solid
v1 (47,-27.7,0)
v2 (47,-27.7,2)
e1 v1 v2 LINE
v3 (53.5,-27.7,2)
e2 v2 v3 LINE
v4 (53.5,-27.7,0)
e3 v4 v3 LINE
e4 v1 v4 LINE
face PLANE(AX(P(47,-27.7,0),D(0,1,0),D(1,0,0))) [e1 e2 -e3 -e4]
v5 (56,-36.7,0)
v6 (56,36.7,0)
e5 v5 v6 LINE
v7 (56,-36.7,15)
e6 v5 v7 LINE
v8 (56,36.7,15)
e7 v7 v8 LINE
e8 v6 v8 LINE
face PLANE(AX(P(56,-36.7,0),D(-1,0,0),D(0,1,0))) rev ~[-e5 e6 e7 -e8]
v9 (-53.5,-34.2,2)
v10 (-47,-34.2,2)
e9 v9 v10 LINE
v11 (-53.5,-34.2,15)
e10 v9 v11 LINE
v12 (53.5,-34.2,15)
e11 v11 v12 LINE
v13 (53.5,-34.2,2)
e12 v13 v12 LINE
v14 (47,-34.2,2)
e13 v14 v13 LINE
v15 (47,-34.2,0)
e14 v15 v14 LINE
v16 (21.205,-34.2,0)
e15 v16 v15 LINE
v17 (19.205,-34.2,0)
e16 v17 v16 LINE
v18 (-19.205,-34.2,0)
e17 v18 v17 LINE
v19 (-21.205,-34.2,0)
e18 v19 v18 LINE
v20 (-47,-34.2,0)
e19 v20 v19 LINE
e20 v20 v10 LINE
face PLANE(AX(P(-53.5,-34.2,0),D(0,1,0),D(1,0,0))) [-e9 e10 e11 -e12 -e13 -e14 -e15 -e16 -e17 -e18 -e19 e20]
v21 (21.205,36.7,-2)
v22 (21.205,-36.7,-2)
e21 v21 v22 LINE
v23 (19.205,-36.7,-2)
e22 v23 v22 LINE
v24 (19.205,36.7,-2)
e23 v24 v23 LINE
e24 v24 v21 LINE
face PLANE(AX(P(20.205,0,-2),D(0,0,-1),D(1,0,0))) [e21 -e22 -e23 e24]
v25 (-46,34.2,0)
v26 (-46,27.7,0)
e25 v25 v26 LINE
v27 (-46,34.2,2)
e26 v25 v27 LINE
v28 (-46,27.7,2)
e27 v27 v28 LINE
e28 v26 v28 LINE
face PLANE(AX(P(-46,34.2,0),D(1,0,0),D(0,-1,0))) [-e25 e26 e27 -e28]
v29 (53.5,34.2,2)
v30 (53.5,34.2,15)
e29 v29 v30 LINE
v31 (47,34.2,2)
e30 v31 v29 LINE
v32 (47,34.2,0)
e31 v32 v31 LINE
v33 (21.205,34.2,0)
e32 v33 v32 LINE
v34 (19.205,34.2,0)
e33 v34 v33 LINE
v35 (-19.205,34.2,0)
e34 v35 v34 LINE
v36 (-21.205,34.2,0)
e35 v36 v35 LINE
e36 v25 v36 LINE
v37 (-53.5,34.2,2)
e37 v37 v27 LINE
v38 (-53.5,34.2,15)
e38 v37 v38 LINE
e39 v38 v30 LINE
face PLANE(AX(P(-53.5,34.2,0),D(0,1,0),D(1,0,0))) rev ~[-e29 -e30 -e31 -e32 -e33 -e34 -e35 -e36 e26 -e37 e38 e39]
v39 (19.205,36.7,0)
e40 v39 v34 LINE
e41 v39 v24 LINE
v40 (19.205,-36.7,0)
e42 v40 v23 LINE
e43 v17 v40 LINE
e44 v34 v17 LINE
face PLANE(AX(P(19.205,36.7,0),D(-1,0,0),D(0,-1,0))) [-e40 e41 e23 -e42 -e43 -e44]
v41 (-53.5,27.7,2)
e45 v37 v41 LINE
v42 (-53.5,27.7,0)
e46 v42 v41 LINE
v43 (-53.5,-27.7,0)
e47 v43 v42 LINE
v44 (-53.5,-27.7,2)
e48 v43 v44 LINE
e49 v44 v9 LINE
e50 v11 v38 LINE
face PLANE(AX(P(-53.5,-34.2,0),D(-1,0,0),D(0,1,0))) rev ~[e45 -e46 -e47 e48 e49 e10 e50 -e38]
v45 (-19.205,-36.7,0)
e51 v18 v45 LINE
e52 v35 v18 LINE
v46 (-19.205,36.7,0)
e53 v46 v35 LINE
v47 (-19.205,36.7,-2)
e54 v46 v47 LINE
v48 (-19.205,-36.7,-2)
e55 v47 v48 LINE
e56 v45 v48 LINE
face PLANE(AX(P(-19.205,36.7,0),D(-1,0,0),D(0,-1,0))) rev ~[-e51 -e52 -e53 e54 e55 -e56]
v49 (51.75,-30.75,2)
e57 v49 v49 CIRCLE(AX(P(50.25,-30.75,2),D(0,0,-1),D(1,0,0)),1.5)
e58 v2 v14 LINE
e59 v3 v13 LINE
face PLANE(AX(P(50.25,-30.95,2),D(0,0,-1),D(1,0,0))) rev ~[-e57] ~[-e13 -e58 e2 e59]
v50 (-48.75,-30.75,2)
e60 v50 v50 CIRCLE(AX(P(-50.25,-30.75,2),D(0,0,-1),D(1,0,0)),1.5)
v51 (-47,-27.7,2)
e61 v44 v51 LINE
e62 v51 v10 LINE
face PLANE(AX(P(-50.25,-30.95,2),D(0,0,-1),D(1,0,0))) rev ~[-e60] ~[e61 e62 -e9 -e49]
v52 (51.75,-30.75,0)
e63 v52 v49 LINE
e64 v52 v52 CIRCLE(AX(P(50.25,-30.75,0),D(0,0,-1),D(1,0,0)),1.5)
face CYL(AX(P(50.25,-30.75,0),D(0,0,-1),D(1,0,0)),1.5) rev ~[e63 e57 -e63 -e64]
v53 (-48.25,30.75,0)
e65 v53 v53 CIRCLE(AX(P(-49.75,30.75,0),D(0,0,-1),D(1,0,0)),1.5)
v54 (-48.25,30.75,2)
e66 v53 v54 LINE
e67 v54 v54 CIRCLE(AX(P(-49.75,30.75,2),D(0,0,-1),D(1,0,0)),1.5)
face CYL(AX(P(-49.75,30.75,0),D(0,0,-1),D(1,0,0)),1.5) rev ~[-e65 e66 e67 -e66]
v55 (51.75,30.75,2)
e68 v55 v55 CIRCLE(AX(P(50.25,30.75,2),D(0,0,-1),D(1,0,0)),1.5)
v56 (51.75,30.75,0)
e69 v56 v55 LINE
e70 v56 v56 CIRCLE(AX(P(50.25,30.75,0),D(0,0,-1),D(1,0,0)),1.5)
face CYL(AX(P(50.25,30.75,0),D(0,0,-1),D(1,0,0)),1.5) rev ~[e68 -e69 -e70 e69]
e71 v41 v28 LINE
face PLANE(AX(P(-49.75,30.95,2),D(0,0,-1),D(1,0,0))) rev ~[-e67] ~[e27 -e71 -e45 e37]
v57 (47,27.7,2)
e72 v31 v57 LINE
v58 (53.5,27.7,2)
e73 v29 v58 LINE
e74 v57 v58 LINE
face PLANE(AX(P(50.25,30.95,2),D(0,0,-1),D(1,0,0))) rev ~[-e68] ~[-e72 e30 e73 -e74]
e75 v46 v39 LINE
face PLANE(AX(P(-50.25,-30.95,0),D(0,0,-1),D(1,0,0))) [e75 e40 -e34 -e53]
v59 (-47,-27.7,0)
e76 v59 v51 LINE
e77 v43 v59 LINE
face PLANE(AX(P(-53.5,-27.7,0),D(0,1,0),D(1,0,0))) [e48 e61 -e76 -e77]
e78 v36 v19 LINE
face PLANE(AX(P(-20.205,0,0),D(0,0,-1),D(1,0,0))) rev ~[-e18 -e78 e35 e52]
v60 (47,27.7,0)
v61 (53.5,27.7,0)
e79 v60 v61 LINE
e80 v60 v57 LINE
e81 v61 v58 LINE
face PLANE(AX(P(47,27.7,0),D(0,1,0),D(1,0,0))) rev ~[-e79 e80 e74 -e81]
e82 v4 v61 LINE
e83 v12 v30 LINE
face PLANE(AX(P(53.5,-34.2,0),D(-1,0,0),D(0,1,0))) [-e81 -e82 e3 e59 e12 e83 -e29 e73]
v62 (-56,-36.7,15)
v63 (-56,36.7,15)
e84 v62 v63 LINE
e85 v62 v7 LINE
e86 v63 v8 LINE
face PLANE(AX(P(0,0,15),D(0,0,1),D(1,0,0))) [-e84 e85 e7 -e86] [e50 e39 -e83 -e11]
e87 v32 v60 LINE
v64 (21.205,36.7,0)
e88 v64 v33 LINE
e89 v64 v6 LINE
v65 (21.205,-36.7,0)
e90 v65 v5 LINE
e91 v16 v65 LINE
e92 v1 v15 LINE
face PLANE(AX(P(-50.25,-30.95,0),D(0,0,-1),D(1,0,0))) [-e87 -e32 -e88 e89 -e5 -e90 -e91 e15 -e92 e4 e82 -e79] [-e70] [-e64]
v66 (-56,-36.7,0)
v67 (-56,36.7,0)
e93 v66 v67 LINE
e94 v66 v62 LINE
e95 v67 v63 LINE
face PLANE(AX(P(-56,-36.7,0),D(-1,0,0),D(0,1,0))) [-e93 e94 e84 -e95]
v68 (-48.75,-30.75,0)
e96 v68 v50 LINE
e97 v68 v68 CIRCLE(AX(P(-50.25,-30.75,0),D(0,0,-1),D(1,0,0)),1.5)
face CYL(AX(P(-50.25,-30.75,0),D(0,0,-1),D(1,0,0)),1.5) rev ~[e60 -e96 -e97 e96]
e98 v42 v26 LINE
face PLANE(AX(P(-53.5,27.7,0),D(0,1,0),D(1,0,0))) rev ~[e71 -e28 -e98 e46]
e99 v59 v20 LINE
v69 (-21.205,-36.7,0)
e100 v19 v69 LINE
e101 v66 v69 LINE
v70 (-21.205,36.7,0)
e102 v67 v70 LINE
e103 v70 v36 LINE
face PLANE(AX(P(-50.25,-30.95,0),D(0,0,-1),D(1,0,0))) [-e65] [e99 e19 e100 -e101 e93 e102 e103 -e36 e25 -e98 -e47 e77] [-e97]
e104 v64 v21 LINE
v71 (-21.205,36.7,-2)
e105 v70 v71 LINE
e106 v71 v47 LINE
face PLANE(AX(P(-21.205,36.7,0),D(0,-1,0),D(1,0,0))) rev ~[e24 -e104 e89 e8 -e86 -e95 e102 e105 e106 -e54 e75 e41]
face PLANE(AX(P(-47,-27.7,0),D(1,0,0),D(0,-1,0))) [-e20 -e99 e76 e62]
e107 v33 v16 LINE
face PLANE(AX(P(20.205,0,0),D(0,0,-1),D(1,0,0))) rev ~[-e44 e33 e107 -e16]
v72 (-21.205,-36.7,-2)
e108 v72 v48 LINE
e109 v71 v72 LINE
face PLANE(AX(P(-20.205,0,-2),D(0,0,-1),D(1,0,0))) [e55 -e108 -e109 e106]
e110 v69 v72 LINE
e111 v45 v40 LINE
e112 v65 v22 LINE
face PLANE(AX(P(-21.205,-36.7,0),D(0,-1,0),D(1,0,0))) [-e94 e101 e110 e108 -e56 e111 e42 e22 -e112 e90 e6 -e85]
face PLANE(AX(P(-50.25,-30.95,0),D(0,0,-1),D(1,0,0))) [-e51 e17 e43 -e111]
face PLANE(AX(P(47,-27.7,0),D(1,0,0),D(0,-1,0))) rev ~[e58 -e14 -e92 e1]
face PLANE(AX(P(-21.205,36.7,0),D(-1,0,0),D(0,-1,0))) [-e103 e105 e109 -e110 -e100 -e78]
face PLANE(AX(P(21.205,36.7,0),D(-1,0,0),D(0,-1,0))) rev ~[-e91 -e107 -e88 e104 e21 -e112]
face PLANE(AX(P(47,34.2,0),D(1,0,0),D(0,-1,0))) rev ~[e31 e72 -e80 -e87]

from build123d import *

# Parameters (mm, degrees)
SKETCH_W      = 112
SKETCH_H      = 73.4
SKETCH_W_2    = 107
SKETCH_H_2    = 68.4
PAD_DEPTH     = 15
SKETCH001_W   = 6.5
SKETCH001_H   = 6.5
SKETCH001_W_2 = 7.5
PAD001_DEPTH  = 2
SKETCH002_R   = 1.5
POCKET_DEPTH  = 2
SKETCH003_W   = 2
SKETCH003_H   = 73.4
PAD002_DEPTH  = 2


with BuildPart() as part:
    # Sketch → Pad (new body)
    with BuildSketch(Plane.XY):
        Rectangle(SKETCH_W, SKETCH_H)
        Rectangle(SKETCH_W_2, SKETCH_H_2, mode=Mode.SUBTRACT)
    extrude(amount=PAD_DEPTH)

    # Sketch001 (on Face9 of Pad) → Pad001 (join)
    with BuildSketch(Plane(origin=(0, 0, 0), x_dir=(1, 0, 0), z_dir=(0, 0, -1))):
        with Locations((-50.25, 30.95)):
            Rectangle(SKETCH001_W, SKETCH001_H)
        with Locations((-49.75, -30.95)):
            Rectangle(SKETCH001_W_2, SKETCH001_H)
        with Locations((50.25, 30.95)):
            Rectangle(SKETCH001_W, SKETCH001_H)
        with Locations((50.25, -30.95)):
            Rectangle(SKETCH001_W, SKETCH001_H)
    extrude(amount=-PAD001_DEPTH)

    # Sketch002 (on Face22 of Pad001) → Pocket (cut)
    with BuildSketch(Plane(origin=(0, 0, 0), x_dir=(1, 0, 0), z_dir=(0, 0, -1))):
        with Locations((-50.25, 30.75)):
            Circle(SKETCH002_R)
        with Locations((50.25, -30.75)):
            Circle(SKETCH002_R)
        with Locations((-49.75, -30.75)):
            Circle(SKETCH002_R)
        with Locations((50.25, 30.75)):
            Circle(SKETCH002_R)
    extrude(amount=-POCKET_DEPTH, mode=Mode.SUBTRACT)

    # Sketch003 (on Face9 of Pad) → Pad002 (join)
    with BuildSketch(Plane(origin=(0, 0, 0), x_dir=(1, 0, 0), z_dir=(0, 0, -1))):
        with Locations((-20.205, 0)):
            Rectangle(SKETCH003_W, SKETCH003_H)
        with Locations((20.205, 0)):
            Rectangle(SKETCH003_W, SKETCH003_H)
    extrude(amount=PAD002_DEPTH)


solid = part.part
